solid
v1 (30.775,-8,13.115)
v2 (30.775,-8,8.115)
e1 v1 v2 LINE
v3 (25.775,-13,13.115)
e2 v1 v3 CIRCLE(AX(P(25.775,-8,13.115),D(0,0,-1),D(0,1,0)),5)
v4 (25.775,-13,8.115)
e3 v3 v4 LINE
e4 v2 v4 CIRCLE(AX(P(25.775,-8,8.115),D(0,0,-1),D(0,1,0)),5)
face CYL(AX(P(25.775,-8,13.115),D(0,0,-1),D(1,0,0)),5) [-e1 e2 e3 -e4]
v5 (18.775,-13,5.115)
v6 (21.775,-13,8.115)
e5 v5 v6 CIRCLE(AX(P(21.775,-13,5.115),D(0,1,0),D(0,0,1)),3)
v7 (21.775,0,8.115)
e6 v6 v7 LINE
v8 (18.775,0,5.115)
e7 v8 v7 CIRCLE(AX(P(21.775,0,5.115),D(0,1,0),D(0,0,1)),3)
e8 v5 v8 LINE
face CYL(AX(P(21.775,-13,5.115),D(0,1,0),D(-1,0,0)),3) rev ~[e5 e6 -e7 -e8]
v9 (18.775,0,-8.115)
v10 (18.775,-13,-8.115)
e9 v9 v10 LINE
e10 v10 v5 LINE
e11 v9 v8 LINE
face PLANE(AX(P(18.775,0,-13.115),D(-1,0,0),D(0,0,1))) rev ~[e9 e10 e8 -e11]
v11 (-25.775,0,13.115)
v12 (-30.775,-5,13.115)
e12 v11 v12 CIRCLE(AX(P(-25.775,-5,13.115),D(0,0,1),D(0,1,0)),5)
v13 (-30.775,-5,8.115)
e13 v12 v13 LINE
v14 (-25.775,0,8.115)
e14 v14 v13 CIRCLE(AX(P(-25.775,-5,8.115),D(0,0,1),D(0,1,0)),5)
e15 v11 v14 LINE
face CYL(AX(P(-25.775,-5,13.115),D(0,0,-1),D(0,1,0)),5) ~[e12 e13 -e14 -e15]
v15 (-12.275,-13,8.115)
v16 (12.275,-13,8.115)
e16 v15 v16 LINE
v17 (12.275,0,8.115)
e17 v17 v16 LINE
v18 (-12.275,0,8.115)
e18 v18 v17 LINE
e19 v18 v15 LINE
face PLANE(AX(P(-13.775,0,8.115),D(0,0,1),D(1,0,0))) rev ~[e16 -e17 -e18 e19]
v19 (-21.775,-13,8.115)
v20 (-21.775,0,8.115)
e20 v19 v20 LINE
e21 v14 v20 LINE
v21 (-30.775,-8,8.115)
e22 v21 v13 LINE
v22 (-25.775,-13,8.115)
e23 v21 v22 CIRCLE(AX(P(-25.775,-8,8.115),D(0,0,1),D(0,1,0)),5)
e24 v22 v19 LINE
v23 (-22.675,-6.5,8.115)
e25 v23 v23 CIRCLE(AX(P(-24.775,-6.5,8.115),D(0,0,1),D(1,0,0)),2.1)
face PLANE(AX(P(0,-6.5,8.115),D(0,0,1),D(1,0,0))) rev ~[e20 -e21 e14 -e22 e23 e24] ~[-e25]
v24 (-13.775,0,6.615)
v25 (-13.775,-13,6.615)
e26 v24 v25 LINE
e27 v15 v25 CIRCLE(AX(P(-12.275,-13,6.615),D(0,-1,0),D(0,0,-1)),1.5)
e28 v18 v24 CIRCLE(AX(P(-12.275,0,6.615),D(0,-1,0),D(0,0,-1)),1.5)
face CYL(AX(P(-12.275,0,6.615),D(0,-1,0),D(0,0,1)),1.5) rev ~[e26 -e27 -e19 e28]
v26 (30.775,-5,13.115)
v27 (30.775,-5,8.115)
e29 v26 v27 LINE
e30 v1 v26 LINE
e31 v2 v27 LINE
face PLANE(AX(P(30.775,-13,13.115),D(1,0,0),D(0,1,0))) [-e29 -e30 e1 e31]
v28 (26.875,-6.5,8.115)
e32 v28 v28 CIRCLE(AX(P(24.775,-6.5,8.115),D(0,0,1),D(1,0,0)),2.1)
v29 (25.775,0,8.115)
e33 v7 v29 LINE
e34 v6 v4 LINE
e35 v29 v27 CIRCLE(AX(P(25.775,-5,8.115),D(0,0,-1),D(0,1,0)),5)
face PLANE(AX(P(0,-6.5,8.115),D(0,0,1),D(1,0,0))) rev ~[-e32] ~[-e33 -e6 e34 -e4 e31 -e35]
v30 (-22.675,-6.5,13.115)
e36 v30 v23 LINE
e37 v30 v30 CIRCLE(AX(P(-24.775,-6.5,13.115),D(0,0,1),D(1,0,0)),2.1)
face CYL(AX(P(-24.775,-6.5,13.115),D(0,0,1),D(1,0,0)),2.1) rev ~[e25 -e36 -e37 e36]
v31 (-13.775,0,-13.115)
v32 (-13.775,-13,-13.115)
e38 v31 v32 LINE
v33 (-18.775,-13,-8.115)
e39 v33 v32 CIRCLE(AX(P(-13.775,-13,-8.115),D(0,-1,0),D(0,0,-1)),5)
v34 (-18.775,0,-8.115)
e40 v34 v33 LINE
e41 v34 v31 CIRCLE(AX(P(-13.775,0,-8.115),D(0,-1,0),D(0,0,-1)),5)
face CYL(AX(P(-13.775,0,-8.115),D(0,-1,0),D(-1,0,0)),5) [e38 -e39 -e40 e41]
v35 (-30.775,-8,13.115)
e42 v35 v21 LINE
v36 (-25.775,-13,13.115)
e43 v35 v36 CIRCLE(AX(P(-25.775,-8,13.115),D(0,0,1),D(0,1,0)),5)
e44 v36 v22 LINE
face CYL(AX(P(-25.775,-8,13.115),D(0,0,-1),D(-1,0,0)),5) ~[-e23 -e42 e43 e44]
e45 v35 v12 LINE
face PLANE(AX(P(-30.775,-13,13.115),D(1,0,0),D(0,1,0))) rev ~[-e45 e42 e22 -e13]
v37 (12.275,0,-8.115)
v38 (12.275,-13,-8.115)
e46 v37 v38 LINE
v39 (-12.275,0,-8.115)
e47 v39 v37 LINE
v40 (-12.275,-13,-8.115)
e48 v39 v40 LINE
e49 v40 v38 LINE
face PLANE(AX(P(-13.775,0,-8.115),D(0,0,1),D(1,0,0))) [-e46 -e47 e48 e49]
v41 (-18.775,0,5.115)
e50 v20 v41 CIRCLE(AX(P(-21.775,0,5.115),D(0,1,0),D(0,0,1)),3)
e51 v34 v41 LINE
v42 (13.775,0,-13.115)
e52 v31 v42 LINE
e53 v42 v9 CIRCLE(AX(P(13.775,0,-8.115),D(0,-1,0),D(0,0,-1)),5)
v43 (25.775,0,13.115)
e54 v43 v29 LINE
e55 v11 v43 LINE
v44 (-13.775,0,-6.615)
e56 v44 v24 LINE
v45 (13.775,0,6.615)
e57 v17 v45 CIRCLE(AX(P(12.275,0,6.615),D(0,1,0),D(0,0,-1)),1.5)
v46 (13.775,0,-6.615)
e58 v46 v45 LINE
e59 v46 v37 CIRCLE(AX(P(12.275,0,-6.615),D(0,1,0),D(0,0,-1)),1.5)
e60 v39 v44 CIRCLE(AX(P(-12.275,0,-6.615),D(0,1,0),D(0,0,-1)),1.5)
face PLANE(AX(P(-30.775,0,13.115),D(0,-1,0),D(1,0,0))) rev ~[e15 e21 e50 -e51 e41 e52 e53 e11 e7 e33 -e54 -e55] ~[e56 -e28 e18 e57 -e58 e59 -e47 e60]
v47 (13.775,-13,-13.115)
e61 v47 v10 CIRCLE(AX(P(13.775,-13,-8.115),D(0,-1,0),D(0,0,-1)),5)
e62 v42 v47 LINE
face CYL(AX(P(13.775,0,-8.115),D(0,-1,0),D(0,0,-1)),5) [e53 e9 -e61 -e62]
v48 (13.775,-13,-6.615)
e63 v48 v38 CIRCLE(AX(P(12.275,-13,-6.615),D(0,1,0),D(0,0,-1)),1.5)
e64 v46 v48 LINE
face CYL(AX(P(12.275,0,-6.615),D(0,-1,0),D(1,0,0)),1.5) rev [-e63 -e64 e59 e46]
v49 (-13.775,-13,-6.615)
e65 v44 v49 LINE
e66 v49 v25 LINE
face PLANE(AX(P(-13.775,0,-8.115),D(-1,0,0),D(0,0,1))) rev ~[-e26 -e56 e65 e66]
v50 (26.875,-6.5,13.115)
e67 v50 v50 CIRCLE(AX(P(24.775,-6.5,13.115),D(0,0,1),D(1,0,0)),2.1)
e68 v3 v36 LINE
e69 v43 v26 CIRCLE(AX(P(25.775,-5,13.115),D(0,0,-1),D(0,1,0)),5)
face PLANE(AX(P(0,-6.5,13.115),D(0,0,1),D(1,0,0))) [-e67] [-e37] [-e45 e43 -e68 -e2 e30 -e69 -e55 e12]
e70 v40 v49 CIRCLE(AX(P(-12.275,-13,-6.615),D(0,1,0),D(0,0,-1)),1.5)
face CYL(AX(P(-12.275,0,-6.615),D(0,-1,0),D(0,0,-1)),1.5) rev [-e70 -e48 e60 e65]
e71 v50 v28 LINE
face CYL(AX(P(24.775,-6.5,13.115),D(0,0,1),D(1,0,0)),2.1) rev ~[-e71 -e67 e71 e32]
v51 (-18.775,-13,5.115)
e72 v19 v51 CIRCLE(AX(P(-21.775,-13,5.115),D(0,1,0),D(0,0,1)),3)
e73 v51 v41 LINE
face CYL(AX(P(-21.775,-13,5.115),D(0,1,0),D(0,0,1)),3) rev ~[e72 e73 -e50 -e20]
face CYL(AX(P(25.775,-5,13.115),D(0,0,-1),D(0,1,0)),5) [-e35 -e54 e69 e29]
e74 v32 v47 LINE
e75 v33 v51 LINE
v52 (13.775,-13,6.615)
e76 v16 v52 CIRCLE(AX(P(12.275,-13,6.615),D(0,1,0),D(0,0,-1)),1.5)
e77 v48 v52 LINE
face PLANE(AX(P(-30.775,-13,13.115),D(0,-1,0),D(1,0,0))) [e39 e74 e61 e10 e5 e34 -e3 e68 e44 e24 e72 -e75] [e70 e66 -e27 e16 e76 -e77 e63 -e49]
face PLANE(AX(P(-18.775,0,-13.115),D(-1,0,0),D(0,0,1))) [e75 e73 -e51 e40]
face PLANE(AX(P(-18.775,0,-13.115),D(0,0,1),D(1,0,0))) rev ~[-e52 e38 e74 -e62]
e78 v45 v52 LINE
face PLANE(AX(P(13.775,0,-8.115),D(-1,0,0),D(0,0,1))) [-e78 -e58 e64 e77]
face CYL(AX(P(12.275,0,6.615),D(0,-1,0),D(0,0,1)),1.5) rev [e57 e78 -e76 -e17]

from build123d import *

# Parameters (mm, degrees)
F0_W     = 37.55
F0_H     = 26.23
F0_W_2   = 27.55
F0_H_2   = 16.23
F1_DEPTH = 13
F2_W     = 61.55
F2_H     = 13
F2_R     = 2.1
F3_DEPTH = 5
F4_R     = 3
F5_R     = 1.5
F6_R     = 5
F7_R     = 5


with BuildPart() as f1:
    # F0 (on Front) → F1 (new body)
    with BuildSketch(Plane.XZ):
        Rectangle(F0_W, F0_H)
        Rectangle(F0_W_2, F0_H_2, mode=Mode.SUBTRACT)
    extrude(amount=F1_DEPTH)

    # F2 (on face) → F3 (join)
    with BuildSketch(Plane.XY.offset(13.115)):
        with Locations((0, -6.5)):
            Rectangle(F2_W, F2_H)
        with Locations((-24.775, -6.5)):
            Circle(F2_R, mode=Mode.SUBTRACT)
        with Locations((24.775, -6.5)):
            Circle(F2_R, mode=Mode.SUBTRACT)
    extrude(amount=-F3_DEPTH)

    # F4
    f4_edges = [f1.edges().sort_by_distance(p)[0] for p in [
        (-18.775, -6.5, 8.115),
        (18.775, -6.5, 8.115),
    ]]
    fillet(f4_edges, radius=F4_R)

    # F5
    f5_edges = [f1.edges().sort_by_distance(p)[0] for p in [
        (-13.775, -6.5, 8.115),
        (13.775, -6.5, 8.115),
        (13.775, -6.5, -8.115),
        (-13.775, -6.5, -8.115),
    ]]
    fillet(f5_edges, radius=F5_R)

    # F6
    f6_edges = [f1.edges().sort_by_distance(p)[0] for p in [
        (18.775, -6.5, -13.115),
        (-18.775, -6.5, -13.115),
    ]]
    fillet(f6_edges, radius=F6_R)

    # F7
    f7_edges = [f1.edges().sort_by_distance(p)[0] for p in [
        (30.775, -13, 10.615),
        (30.775, 0, 10.615),
        (-30.775, -13, 10.615),
        (-30.775, 0, 10.615),
    ]]
    fillet(f7_edges, radius=F7_R)


solid = f1.part
